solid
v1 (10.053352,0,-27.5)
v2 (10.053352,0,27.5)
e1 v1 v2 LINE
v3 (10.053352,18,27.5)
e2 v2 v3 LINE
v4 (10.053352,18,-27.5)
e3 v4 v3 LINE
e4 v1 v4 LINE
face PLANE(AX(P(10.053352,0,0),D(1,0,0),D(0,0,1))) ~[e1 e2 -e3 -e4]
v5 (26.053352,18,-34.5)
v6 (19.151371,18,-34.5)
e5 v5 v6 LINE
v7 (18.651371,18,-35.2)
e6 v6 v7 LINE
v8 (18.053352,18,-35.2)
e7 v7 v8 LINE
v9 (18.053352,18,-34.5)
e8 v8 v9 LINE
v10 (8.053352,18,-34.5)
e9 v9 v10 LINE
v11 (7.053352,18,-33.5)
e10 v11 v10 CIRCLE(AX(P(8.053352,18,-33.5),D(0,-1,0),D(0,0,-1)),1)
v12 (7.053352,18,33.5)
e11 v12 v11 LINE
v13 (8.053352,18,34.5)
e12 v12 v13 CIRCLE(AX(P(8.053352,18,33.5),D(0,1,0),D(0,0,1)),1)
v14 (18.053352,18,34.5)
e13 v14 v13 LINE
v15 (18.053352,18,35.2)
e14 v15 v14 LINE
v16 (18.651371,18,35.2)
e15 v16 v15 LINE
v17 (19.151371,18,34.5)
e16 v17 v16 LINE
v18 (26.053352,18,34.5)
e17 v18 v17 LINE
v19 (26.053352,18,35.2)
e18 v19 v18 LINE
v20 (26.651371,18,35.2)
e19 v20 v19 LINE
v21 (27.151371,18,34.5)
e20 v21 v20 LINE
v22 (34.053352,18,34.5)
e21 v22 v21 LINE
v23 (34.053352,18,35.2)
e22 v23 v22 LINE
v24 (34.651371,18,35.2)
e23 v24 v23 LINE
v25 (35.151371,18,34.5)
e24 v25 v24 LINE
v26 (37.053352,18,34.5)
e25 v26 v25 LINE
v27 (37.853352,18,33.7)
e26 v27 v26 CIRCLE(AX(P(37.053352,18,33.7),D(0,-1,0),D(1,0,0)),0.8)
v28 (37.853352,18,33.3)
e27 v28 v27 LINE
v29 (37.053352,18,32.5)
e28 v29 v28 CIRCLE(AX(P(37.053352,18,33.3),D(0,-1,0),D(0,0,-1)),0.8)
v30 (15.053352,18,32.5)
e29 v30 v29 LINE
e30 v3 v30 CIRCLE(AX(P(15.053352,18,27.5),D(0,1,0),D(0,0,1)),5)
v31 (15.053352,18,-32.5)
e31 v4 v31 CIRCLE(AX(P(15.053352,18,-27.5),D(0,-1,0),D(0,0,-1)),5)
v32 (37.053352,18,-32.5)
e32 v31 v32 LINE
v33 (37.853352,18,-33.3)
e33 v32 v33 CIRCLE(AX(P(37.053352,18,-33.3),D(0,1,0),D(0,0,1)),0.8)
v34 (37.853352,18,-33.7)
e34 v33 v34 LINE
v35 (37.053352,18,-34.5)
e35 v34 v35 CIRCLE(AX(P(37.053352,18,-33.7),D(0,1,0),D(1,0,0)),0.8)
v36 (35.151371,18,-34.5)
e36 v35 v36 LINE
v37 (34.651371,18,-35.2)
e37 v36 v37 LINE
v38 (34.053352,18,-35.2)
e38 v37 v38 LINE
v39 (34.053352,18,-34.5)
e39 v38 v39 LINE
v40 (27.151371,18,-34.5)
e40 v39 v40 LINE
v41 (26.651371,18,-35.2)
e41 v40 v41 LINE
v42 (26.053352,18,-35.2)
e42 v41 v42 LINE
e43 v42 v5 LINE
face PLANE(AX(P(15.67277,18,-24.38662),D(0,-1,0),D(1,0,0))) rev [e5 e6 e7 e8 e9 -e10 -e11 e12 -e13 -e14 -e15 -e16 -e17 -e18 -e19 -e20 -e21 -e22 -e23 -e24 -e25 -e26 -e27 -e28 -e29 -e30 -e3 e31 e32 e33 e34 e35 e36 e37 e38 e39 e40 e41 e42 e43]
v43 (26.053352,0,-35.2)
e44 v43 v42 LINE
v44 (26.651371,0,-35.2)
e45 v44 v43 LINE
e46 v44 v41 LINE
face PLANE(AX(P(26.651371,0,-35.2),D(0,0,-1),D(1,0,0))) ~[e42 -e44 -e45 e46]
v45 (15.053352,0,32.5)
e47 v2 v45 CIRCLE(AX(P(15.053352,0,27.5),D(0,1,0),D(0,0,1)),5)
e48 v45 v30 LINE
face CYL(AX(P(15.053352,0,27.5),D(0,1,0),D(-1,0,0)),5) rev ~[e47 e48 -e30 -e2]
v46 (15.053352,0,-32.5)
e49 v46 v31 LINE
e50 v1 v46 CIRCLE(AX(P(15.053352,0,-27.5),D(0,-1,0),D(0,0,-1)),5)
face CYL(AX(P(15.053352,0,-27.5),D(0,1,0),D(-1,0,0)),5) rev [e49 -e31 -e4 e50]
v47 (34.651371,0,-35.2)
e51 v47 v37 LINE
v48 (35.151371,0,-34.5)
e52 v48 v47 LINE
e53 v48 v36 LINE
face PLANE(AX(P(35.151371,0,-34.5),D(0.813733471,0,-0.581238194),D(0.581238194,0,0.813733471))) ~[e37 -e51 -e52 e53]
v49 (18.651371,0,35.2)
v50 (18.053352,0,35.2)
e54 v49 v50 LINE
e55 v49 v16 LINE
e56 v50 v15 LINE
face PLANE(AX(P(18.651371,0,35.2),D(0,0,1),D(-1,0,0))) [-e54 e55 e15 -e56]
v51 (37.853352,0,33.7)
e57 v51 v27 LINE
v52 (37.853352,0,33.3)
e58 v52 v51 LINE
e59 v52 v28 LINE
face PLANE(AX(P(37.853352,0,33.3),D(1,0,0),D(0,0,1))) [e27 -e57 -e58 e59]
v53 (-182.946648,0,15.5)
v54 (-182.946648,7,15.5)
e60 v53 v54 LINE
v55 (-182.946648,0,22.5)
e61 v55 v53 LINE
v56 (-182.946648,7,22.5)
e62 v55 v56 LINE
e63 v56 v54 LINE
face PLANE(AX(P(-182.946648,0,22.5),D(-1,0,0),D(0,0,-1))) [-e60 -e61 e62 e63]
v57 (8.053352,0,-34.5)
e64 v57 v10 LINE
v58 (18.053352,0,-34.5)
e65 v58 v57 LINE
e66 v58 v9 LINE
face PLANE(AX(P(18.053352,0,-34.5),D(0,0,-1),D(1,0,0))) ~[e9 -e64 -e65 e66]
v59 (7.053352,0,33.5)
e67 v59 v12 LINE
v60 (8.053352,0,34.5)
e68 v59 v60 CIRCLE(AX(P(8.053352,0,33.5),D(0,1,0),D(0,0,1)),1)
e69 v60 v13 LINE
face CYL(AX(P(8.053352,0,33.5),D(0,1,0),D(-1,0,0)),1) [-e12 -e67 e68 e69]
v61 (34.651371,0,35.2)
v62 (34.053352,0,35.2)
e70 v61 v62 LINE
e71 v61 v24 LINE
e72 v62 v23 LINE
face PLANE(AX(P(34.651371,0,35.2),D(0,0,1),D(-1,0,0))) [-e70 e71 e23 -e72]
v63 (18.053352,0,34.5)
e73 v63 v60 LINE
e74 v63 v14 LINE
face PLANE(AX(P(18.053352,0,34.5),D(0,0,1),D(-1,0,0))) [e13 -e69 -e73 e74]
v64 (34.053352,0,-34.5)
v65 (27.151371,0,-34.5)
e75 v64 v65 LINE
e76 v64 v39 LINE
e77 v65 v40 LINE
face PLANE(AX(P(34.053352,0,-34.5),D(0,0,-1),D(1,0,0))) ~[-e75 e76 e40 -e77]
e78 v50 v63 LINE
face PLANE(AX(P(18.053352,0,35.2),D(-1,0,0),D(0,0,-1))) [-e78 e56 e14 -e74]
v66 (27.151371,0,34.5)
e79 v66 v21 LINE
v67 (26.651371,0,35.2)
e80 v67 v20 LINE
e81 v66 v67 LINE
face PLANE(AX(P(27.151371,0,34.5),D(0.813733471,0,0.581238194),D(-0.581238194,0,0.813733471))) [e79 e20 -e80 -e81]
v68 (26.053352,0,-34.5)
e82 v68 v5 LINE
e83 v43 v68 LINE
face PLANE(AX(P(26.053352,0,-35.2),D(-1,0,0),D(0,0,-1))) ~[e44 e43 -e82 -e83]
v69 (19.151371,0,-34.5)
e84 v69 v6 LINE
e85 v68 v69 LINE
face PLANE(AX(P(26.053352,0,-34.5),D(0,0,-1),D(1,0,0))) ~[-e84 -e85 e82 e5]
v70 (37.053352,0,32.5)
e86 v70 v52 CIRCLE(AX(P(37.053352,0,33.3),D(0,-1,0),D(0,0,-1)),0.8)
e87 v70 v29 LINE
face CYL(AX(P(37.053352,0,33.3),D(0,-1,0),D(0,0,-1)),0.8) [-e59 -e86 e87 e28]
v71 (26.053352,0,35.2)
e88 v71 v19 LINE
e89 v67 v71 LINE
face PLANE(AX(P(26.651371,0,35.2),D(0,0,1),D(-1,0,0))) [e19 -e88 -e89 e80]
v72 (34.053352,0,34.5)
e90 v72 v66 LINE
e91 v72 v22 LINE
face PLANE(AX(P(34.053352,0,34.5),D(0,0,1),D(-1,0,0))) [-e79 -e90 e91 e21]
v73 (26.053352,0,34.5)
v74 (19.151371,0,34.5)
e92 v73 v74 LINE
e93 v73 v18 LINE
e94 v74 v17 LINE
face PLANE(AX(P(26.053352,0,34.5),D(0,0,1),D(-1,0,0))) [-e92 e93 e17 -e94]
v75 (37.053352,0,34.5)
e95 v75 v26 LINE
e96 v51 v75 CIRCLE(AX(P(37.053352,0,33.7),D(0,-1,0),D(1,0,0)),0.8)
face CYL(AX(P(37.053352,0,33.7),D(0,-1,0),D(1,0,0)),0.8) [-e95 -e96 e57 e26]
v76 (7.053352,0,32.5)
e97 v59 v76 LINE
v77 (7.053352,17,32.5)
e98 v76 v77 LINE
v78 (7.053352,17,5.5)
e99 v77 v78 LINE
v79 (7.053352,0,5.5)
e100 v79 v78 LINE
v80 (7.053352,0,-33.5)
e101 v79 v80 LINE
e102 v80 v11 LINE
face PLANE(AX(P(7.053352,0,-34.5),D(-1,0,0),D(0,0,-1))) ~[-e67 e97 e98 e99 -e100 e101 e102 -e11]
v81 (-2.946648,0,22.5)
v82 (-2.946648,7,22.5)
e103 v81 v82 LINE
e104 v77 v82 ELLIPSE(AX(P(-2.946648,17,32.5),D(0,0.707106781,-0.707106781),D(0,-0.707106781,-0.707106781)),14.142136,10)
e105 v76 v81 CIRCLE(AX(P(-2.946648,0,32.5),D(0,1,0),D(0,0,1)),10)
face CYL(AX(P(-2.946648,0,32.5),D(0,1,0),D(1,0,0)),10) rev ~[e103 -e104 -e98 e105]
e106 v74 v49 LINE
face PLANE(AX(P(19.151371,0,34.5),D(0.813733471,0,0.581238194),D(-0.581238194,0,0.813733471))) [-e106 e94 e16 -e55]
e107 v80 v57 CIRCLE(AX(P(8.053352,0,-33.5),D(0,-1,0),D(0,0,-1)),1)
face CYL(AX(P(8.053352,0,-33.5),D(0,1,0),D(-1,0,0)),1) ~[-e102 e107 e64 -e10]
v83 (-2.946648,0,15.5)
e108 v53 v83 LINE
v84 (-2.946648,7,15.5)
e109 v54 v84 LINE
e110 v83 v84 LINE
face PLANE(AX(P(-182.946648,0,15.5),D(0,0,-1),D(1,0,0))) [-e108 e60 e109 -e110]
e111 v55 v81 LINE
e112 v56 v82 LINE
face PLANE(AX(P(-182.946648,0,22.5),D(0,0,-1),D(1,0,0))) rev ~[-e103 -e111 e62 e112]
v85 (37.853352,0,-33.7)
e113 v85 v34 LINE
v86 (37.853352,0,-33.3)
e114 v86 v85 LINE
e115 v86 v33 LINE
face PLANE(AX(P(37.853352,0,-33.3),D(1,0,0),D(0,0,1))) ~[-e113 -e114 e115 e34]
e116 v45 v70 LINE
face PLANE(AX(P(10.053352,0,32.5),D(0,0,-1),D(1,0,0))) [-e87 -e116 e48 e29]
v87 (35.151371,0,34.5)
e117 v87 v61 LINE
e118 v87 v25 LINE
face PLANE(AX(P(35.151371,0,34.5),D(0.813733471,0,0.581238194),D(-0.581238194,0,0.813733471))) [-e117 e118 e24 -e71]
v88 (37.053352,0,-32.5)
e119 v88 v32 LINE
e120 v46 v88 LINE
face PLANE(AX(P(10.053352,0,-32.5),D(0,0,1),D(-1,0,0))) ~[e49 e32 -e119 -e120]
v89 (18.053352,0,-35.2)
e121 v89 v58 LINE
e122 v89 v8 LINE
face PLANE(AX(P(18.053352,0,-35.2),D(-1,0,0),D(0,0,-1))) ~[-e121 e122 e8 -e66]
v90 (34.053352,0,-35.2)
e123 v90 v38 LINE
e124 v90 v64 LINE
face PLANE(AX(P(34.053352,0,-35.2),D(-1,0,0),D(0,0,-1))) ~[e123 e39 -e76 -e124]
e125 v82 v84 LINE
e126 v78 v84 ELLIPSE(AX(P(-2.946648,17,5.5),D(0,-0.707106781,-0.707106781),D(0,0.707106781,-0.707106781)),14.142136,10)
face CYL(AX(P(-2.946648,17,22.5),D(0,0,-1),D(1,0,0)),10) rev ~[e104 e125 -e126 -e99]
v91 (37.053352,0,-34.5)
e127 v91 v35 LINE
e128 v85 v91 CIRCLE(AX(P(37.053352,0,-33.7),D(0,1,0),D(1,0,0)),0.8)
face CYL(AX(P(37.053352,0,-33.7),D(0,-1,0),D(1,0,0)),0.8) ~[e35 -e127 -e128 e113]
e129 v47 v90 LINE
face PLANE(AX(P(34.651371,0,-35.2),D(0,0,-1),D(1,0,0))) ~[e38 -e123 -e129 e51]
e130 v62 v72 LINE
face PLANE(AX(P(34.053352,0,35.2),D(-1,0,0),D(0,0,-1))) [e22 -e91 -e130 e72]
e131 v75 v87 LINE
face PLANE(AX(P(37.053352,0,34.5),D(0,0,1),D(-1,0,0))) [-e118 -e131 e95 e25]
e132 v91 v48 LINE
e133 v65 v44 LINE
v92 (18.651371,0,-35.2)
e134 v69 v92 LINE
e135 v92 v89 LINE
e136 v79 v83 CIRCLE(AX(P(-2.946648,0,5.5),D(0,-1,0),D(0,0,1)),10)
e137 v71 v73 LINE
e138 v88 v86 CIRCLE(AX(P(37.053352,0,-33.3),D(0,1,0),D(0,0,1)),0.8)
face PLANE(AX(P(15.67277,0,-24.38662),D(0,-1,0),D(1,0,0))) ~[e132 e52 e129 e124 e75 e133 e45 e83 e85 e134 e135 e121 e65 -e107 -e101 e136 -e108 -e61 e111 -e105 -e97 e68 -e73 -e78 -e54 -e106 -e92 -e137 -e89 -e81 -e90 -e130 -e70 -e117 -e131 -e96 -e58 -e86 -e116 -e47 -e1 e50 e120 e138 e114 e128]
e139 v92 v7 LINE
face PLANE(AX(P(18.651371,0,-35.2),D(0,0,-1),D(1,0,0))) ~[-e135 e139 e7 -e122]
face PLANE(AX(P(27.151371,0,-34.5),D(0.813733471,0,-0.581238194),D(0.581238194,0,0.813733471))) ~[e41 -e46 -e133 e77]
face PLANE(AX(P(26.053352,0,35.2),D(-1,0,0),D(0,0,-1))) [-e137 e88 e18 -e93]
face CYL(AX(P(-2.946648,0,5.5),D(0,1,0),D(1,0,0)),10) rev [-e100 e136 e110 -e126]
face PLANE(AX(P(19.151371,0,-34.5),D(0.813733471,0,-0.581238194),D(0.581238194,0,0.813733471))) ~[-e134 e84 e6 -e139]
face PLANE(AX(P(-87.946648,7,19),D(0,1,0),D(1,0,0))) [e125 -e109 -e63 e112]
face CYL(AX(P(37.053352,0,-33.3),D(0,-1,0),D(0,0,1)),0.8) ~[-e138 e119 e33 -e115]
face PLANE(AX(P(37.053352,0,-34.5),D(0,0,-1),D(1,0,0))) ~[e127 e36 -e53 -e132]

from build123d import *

# Parameters (mm, degrees)
BOSS_EXTRUDE1_DEPTH = 18
FILLET1_R           = 5
FILLET2_R           = 1
SKETCH1_3_W         = 190
SKETCH1_3_H         = 7
BOSS_EXTRUDE2_DEPTH = 7
FILLET3_R           = 10


with BuildPart() as part:
    # Sketch1 → Boss-Extrude1 (new body)
    with BuildSketch(Plane(origin=(0, 0, 0), x_dir=(1, 0, 0), z_dir=(0, 1, 0))):
        with BuildLine():
            Line((7.053352185, -22.5), (7.053352185, -34.5))
            Line((7.053352185, -34.5), (18.053352185, -34.5))
            Line((18.053352185, -34.5), (18.053352185, -35.2))
            Line((18.053352185, -35.2), (18.651371079, -35.2))
            Line((18.651371079, -35.2), (19.151371079, -34.5))
            Line((19.151371079, -34.5), (26.053352185, -34.5))
            Line((26.053352185, -34.5), (26.053352185, -35.2))
            Line((26.053352185, -35.2), (26.651371079, -35.2))
            Line((26.651371079, -35.2), (27.151371079, -34.5))
            Line((27.151371079, -34.5), (34.053352185, -34.5))
            Line((34.053352185, -34.5), (34.053352185, -35.2))
            Line((34.053352185, -35.2), (34.651371079, -35.2))
            Line((34.651371079, -35.2), (35.151371079, -34.5))
            Line((35.151371079, -34.5), (37.053352185, -34.5))
            ThreePointArc((37.053352185, -34.5), (37.61903761, -34.265685425), (37.853352185, -33.7))
            Line((37.853352185, -33.7), (37.853352185, -33.3))
            ThreePointArc((37.853352185, -33.3), (37.61903761, -32.734314575), (37.053352185, -32.5))
            Line((37.053352185, -32.5), (10.053352185, -32.5))
            Line((10.053352185, -32.5), (10.053352185, 0))
            Line((10.053352185, 0), (7.053352185, 0))
            Line((7.053352185, 0), (7.053352185, -15.5))
            Line((7.053352185, -15.5), (7.053352185, -22.5))
        make_face()
    extrude(amount=BOSS_EXTRUDE1_DEPTH)

    # Fillet1
    fillet1_edges = [part.edges().sort_by_distance(p)[0] for p in [
        (10.053352185, 9, 32.5),
    ]]
    fillet(fillet1_edges, radius=FILLET1_R)

    # Fillet2
    fillet2_edges = [part.edges().sort_by_distance(p)[0] for p in [
        (7.053352185, 9, 34.5),
    ]]
    fillet(fillet2_edges, radius=FILLET2_R)

    # Mirror1: part across plane


with BuildPart() as part_1:
    add(part.part)
    add(part.part.mirror(Plane(origin=(0, 18, 0), x_dir=(1, 0, 0), z_dir=(0, 0, -1))))

    # Sketch1<3> → Boss-Extrude2 (add)
    with BuildSketch(Plane(origin=(0, 0, 0), x_dir=(1, 0, 0), z_dir=(0, 1, 0))):
        with Locations((-87.946647815, -19)):
            Rectangle(SKETCH1_3_W, SKETCH1_3_H)
    extrude(amount=BOSS_EXTRUDE2_DEPTH)

    # Fillet3
    fillet3_edges = [part_1.edges().sort_by_distance(p)[0] for p in [
        (7.053352185, 3.5, 22.5),
        (7.053352185, 3.5, 15.5),
        (7.053352185, 7, 19),
    ]]
    fillet(fillet3_edges, radius=FILLET3_R)


solid = part_1.part
